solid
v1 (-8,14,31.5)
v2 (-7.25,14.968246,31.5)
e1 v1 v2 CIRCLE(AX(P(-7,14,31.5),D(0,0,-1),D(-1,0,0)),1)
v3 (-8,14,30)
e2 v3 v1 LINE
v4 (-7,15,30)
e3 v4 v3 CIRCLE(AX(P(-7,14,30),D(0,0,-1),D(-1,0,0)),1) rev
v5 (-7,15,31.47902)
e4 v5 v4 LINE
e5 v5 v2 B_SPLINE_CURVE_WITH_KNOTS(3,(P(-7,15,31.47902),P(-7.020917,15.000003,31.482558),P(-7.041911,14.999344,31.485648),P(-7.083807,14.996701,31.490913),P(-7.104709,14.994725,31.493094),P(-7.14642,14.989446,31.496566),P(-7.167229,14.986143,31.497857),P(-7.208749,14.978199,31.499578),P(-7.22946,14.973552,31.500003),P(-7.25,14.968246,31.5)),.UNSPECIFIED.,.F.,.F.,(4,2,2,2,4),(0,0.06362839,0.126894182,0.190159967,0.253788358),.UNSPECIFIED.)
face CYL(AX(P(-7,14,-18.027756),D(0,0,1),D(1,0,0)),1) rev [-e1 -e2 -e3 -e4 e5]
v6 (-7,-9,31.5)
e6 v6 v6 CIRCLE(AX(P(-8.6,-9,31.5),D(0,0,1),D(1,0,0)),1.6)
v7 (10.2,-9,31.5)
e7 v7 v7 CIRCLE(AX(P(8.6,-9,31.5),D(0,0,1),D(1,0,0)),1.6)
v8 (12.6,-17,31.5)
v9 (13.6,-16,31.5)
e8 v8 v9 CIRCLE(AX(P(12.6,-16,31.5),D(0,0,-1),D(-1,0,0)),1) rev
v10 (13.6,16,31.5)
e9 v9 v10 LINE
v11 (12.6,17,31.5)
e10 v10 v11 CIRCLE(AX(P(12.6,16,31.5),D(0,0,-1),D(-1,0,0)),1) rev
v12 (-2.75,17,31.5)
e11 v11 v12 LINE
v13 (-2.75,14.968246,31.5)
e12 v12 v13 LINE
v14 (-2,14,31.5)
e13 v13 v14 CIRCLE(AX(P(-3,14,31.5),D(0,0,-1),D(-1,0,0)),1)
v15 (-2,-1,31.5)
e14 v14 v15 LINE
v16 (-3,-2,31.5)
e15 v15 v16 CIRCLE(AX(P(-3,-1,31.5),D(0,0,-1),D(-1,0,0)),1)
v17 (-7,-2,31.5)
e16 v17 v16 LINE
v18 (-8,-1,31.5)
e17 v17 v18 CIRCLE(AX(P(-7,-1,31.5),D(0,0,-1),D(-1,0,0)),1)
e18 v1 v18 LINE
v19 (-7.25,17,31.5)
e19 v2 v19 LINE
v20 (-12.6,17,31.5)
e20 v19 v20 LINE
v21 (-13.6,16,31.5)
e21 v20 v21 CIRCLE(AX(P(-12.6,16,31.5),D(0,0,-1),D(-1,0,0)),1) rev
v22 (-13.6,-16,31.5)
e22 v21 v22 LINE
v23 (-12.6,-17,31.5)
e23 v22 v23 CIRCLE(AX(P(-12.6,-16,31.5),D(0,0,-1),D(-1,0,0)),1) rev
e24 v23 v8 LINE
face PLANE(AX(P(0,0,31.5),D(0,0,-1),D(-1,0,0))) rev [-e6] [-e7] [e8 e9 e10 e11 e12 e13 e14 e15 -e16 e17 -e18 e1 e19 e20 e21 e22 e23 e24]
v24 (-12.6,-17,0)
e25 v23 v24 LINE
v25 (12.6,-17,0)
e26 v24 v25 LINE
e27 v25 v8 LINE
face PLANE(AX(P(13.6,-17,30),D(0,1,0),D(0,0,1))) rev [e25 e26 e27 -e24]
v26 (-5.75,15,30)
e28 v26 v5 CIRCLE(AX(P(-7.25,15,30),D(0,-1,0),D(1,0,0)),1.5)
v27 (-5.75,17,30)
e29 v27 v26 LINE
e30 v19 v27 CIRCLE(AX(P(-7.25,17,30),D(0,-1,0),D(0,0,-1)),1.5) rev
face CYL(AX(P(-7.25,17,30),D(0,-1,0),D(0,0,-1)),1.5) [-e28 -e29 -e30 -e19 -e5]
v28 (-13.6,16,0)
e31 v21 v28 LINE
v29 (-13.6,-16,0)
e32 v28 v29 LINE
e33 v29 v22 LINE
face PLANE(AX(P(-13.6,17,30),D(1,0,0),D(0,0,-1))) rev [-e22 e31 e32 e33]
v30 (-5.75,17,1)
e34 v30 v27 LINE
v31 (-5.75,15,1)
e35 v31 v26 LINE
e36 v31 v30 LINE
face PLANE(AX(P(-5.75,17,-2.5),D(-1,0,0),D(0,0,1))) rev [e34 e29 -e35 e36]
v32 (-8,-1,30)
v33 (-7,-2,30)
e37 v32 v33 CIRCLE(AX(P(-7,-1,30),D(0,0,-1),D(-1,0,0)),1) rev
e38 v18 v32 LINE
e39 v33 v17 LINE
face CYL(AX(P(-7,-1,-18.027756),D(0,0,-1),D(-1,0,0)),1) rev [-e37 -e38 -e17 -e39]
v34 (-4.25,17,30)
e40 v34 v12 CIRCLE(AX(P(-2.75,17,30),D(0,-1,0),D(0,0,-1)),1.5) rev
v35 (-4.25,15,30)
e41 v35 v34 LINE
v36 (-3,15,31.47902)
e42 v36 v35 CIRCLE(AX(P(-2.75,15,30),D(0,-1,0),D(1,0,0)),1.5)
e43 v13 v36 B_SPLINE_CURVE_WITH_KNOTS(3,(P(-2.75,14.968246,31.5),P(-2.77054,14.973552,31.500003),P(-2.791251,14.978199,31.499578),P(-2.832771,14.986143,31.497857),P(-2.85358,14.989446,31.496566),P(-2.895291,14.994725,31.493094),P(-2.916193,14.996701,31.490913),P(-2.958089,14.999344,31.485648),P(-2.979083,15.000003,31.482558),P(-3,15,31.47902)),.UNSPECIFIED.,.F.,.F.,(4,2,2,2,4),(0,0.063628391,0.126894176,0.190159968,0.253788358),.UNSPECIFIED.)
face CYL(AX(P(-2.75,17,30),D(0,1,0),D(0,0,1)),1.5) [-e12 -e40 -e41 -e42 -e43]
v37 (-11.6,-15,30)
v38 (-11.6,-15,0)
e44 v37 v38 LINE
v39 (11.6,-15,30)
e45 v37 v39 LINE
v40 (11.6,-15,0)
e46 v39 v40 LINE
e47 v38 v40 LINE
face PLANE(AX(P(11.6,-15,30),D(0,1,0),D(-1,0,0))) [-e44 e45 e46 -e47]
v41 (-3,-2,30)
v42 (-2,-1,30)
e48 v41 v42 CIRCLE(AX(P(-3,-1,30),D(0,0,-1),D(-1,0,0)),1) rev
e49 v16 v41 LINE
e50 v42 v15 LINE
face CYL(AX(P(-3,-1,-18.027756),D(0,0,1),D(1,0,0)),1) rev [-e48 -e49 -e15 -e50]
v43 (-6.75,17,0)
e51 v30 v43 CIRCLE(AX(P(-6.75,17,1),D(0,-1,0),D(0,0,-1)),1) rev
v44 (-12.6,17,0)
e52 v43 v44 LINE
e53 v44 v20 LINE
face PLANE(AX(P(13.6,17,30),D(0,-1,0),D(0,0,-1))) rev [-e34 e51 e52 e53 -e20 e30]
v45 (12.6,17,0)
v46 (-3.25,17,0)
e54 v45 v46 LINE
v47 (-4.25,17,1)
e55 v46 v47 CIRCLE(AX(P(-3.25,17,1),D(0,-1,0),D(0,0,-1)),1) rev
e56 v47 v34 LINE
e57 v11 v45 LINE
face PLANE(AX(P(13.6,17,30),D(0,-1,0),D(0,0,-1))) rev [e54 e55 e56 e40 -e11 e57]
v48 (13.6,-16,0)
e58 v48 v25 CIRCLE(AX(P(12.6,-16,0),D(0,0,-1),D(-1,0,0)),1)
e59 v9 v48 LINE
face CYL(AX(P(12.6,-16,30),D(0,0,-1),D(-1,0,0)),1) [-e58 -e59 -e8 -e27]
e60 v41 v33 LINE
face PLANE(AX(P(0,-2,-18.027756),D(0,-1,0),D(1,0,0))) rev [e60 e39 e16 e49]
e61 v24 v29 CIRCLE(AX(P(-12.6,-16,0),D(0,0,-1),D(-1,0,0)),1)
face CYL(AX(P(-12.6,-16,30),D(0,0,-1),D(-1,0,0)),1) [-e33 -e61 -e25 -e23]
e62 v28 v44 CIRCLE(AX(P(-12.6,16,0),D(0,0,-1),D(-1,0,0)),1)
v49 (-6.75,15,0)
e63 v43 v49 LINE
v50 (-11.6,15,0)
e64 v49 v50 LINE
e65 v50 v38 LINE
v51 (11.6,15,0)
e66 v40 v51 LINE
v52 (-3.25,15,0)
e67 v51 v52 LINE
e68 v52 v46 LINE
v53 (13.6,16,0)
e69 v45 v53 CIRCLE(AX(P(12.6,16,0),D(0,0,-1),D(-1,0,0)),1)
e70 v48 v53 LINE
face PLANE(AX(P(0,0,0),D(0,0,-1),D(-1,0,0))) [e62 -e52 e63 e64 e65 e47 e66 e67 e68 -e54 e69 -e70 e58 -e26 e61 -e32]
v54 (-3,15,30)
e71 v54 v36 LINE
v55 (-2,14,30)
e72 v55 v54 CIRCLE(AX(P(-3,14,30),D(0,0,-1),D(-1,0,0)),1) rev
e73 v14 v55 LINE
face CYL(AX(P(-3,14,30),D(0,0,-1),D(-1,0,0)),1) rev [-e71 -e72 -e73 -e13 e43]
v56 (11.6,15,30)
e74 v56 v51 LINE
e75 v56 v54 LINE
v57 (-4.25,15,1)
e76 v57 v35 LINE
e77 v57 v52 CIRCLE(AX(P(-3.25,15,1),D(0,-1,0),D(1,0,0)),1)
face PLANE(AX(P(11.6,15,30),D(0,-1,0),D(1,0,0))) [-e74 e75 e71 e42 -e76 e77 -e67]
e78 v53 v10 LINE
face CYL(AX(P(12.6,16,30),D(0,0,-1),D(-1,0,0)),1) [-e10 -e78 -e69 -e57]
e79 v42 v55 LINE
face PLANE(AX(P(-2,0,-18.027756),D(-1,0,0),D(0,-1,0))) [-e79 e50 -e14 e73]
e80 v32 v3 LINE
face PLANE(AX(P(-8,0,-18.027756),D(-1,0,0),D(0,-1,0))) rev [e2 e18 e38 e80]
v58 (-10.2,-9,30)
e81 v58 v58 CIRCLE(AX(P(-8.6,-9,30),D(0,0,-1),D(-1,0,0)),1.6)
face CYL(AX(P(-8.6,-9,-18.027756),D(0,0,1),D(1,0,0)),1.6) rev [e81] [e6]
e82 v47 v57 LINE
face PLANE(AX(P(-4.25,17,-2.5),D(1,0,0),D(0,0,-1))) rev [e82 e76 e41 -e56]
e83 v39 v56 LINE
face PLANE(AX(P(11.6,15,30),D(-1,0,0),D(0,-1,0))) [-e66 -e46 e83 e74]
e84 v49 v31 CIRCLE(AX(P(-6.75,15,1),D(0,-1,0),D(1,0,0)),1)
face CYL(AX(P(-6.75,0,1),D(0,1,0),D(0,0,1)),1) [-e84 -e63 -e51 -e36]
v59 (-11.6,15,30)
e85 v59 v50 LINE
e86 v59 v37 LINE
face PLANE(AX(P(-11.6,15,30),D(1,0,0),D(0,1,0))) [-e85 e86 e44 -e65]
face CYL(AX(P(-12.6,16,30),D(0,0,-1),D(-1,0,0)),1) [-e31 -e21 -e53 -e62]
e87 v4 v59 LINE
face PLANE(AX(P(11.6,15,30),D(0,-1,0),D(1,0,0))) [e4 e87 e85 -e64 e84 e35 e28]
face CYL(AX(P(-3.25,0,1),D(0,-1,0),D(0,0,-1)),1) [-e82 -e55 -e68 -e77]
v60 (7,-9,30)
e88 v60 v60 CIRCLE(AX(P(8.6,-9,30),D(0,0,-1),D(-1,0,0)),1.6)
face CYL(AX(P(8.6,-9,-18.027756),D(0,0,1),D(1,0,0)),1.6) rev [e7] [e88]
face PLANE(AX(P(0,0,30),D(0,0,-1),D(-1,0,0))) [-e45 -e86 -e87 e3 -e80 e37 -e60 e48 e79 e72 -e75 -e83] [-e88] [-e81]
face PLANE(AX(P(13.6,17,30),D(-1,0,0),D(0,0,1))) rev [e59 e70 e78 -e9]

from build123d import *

# Parameters (mm, degrees)
SKETCH1_W           = 27.2
SKETCH1_H           = 34
SKETCH1_W_2         = 23.2
SKETCH1_H_2         = 30
BOSS_EXTRUDE1_DEPTH = 30
SKETCH2_W           = 27.2
SKETCH2_H           = 34
BOSS_EXTRUDE2_DEPTH = 1.5
SKETCH3_W           = 6
SKETCH3_H           = 17
SKETCH3_R           = 1.6
CUT_EXTRUDE1_DEPTH  = 31.5
FILLET1_R           = 1
SKETCH4_W           = 1.5
SKETCH4_H           = 2
CUT_EXTRUDE2_DEPTH  = 31.5
FILLET2_R           = 1
FILLET3_R           = 1.5


with BuildPart() as part:
    # Sketch1 → Boss-Extrude1 (new body)
    with BuildSketch(Plane.XY):
        Rectangle(SKETCH1_W, SKETCH1_H)
        Rectangle(SKETCH1_W_2, SKETCH1_H_2, mode=Mode.SUBTRACT)
    extrude(amount=BOSS_EXTRUDE1_DEPTH)

    # Sketch2 → Boss-Extrude2 (add)
    with BuildSketch(Plane.XY.offset(30)):
        Rectangle(SKETCH2_W, SKETCH2_H)
    extrude(amount=BOSS_EXTRUDE2_DEPTH)

    # Sketch3 → Cut-Extrude1 (cut)
    with BuildSketch(Plane.XY.offset(31.5)):
        with Locations((-5, 6.5)):
            Rectangle(SKETCH3_W, SKETCH3_H)
        with Locations((-8.6, -9)):
            Circle(SKETCH3_R)
        with Locations((8.6, -9)):
            Circle(SKETCH3_R)
    extrude(amount=-CUT_EXTRUDE1_DEPTH, mode=Mode.SUBTRACT)

    # Fillet1
    fillet1_edges = [part.edges().sort_by_distance(p)[0] for p in [
        (-8, -2, 30.75),
        (-2, -2, 30.75),
        (-2, 15, 30.75),
        (-8, 15, 30.75),
        (-13.6, 17, 15.75),
        (13.6, 17, 15.75),
        (13.6, -17, 15.75),
        (-13.6, -17, 15.75),
    ]]
    fillet(fillet1_edges, radius=FILLET1_R)

    # Sketch4 → Cut-Extrude2 (cut)
    with BuildSketch(Plane.XY.offset(31.5)):
        with Locations((-5, 16)):
            Rectangle(SKETCH4_W, SKETCH4_H)
    extrude(amount=-CUT_EXTRUDE2_DEPTH, mode=Mode.SUBTRACT)

    # Fillet2
    fillet2_edges = [part.edges().sort_by_distance(p)[0] for p in [
        (-4.25, 16, 0),
        (-5.75, 16, 0),
    ]]
    fillet(fillet2_edges, radius=FILLET2_R)

    # Fillet3
    fillet3_edges = [part.edges().sort_by_distance(p)[0] for p in [
        (-5.75, 16, 31.5),
        (-4.25, 16, 31.5),
    ]]
    fillet(fillet3_edges, radius=FILLET3_R)


solid = part.part
